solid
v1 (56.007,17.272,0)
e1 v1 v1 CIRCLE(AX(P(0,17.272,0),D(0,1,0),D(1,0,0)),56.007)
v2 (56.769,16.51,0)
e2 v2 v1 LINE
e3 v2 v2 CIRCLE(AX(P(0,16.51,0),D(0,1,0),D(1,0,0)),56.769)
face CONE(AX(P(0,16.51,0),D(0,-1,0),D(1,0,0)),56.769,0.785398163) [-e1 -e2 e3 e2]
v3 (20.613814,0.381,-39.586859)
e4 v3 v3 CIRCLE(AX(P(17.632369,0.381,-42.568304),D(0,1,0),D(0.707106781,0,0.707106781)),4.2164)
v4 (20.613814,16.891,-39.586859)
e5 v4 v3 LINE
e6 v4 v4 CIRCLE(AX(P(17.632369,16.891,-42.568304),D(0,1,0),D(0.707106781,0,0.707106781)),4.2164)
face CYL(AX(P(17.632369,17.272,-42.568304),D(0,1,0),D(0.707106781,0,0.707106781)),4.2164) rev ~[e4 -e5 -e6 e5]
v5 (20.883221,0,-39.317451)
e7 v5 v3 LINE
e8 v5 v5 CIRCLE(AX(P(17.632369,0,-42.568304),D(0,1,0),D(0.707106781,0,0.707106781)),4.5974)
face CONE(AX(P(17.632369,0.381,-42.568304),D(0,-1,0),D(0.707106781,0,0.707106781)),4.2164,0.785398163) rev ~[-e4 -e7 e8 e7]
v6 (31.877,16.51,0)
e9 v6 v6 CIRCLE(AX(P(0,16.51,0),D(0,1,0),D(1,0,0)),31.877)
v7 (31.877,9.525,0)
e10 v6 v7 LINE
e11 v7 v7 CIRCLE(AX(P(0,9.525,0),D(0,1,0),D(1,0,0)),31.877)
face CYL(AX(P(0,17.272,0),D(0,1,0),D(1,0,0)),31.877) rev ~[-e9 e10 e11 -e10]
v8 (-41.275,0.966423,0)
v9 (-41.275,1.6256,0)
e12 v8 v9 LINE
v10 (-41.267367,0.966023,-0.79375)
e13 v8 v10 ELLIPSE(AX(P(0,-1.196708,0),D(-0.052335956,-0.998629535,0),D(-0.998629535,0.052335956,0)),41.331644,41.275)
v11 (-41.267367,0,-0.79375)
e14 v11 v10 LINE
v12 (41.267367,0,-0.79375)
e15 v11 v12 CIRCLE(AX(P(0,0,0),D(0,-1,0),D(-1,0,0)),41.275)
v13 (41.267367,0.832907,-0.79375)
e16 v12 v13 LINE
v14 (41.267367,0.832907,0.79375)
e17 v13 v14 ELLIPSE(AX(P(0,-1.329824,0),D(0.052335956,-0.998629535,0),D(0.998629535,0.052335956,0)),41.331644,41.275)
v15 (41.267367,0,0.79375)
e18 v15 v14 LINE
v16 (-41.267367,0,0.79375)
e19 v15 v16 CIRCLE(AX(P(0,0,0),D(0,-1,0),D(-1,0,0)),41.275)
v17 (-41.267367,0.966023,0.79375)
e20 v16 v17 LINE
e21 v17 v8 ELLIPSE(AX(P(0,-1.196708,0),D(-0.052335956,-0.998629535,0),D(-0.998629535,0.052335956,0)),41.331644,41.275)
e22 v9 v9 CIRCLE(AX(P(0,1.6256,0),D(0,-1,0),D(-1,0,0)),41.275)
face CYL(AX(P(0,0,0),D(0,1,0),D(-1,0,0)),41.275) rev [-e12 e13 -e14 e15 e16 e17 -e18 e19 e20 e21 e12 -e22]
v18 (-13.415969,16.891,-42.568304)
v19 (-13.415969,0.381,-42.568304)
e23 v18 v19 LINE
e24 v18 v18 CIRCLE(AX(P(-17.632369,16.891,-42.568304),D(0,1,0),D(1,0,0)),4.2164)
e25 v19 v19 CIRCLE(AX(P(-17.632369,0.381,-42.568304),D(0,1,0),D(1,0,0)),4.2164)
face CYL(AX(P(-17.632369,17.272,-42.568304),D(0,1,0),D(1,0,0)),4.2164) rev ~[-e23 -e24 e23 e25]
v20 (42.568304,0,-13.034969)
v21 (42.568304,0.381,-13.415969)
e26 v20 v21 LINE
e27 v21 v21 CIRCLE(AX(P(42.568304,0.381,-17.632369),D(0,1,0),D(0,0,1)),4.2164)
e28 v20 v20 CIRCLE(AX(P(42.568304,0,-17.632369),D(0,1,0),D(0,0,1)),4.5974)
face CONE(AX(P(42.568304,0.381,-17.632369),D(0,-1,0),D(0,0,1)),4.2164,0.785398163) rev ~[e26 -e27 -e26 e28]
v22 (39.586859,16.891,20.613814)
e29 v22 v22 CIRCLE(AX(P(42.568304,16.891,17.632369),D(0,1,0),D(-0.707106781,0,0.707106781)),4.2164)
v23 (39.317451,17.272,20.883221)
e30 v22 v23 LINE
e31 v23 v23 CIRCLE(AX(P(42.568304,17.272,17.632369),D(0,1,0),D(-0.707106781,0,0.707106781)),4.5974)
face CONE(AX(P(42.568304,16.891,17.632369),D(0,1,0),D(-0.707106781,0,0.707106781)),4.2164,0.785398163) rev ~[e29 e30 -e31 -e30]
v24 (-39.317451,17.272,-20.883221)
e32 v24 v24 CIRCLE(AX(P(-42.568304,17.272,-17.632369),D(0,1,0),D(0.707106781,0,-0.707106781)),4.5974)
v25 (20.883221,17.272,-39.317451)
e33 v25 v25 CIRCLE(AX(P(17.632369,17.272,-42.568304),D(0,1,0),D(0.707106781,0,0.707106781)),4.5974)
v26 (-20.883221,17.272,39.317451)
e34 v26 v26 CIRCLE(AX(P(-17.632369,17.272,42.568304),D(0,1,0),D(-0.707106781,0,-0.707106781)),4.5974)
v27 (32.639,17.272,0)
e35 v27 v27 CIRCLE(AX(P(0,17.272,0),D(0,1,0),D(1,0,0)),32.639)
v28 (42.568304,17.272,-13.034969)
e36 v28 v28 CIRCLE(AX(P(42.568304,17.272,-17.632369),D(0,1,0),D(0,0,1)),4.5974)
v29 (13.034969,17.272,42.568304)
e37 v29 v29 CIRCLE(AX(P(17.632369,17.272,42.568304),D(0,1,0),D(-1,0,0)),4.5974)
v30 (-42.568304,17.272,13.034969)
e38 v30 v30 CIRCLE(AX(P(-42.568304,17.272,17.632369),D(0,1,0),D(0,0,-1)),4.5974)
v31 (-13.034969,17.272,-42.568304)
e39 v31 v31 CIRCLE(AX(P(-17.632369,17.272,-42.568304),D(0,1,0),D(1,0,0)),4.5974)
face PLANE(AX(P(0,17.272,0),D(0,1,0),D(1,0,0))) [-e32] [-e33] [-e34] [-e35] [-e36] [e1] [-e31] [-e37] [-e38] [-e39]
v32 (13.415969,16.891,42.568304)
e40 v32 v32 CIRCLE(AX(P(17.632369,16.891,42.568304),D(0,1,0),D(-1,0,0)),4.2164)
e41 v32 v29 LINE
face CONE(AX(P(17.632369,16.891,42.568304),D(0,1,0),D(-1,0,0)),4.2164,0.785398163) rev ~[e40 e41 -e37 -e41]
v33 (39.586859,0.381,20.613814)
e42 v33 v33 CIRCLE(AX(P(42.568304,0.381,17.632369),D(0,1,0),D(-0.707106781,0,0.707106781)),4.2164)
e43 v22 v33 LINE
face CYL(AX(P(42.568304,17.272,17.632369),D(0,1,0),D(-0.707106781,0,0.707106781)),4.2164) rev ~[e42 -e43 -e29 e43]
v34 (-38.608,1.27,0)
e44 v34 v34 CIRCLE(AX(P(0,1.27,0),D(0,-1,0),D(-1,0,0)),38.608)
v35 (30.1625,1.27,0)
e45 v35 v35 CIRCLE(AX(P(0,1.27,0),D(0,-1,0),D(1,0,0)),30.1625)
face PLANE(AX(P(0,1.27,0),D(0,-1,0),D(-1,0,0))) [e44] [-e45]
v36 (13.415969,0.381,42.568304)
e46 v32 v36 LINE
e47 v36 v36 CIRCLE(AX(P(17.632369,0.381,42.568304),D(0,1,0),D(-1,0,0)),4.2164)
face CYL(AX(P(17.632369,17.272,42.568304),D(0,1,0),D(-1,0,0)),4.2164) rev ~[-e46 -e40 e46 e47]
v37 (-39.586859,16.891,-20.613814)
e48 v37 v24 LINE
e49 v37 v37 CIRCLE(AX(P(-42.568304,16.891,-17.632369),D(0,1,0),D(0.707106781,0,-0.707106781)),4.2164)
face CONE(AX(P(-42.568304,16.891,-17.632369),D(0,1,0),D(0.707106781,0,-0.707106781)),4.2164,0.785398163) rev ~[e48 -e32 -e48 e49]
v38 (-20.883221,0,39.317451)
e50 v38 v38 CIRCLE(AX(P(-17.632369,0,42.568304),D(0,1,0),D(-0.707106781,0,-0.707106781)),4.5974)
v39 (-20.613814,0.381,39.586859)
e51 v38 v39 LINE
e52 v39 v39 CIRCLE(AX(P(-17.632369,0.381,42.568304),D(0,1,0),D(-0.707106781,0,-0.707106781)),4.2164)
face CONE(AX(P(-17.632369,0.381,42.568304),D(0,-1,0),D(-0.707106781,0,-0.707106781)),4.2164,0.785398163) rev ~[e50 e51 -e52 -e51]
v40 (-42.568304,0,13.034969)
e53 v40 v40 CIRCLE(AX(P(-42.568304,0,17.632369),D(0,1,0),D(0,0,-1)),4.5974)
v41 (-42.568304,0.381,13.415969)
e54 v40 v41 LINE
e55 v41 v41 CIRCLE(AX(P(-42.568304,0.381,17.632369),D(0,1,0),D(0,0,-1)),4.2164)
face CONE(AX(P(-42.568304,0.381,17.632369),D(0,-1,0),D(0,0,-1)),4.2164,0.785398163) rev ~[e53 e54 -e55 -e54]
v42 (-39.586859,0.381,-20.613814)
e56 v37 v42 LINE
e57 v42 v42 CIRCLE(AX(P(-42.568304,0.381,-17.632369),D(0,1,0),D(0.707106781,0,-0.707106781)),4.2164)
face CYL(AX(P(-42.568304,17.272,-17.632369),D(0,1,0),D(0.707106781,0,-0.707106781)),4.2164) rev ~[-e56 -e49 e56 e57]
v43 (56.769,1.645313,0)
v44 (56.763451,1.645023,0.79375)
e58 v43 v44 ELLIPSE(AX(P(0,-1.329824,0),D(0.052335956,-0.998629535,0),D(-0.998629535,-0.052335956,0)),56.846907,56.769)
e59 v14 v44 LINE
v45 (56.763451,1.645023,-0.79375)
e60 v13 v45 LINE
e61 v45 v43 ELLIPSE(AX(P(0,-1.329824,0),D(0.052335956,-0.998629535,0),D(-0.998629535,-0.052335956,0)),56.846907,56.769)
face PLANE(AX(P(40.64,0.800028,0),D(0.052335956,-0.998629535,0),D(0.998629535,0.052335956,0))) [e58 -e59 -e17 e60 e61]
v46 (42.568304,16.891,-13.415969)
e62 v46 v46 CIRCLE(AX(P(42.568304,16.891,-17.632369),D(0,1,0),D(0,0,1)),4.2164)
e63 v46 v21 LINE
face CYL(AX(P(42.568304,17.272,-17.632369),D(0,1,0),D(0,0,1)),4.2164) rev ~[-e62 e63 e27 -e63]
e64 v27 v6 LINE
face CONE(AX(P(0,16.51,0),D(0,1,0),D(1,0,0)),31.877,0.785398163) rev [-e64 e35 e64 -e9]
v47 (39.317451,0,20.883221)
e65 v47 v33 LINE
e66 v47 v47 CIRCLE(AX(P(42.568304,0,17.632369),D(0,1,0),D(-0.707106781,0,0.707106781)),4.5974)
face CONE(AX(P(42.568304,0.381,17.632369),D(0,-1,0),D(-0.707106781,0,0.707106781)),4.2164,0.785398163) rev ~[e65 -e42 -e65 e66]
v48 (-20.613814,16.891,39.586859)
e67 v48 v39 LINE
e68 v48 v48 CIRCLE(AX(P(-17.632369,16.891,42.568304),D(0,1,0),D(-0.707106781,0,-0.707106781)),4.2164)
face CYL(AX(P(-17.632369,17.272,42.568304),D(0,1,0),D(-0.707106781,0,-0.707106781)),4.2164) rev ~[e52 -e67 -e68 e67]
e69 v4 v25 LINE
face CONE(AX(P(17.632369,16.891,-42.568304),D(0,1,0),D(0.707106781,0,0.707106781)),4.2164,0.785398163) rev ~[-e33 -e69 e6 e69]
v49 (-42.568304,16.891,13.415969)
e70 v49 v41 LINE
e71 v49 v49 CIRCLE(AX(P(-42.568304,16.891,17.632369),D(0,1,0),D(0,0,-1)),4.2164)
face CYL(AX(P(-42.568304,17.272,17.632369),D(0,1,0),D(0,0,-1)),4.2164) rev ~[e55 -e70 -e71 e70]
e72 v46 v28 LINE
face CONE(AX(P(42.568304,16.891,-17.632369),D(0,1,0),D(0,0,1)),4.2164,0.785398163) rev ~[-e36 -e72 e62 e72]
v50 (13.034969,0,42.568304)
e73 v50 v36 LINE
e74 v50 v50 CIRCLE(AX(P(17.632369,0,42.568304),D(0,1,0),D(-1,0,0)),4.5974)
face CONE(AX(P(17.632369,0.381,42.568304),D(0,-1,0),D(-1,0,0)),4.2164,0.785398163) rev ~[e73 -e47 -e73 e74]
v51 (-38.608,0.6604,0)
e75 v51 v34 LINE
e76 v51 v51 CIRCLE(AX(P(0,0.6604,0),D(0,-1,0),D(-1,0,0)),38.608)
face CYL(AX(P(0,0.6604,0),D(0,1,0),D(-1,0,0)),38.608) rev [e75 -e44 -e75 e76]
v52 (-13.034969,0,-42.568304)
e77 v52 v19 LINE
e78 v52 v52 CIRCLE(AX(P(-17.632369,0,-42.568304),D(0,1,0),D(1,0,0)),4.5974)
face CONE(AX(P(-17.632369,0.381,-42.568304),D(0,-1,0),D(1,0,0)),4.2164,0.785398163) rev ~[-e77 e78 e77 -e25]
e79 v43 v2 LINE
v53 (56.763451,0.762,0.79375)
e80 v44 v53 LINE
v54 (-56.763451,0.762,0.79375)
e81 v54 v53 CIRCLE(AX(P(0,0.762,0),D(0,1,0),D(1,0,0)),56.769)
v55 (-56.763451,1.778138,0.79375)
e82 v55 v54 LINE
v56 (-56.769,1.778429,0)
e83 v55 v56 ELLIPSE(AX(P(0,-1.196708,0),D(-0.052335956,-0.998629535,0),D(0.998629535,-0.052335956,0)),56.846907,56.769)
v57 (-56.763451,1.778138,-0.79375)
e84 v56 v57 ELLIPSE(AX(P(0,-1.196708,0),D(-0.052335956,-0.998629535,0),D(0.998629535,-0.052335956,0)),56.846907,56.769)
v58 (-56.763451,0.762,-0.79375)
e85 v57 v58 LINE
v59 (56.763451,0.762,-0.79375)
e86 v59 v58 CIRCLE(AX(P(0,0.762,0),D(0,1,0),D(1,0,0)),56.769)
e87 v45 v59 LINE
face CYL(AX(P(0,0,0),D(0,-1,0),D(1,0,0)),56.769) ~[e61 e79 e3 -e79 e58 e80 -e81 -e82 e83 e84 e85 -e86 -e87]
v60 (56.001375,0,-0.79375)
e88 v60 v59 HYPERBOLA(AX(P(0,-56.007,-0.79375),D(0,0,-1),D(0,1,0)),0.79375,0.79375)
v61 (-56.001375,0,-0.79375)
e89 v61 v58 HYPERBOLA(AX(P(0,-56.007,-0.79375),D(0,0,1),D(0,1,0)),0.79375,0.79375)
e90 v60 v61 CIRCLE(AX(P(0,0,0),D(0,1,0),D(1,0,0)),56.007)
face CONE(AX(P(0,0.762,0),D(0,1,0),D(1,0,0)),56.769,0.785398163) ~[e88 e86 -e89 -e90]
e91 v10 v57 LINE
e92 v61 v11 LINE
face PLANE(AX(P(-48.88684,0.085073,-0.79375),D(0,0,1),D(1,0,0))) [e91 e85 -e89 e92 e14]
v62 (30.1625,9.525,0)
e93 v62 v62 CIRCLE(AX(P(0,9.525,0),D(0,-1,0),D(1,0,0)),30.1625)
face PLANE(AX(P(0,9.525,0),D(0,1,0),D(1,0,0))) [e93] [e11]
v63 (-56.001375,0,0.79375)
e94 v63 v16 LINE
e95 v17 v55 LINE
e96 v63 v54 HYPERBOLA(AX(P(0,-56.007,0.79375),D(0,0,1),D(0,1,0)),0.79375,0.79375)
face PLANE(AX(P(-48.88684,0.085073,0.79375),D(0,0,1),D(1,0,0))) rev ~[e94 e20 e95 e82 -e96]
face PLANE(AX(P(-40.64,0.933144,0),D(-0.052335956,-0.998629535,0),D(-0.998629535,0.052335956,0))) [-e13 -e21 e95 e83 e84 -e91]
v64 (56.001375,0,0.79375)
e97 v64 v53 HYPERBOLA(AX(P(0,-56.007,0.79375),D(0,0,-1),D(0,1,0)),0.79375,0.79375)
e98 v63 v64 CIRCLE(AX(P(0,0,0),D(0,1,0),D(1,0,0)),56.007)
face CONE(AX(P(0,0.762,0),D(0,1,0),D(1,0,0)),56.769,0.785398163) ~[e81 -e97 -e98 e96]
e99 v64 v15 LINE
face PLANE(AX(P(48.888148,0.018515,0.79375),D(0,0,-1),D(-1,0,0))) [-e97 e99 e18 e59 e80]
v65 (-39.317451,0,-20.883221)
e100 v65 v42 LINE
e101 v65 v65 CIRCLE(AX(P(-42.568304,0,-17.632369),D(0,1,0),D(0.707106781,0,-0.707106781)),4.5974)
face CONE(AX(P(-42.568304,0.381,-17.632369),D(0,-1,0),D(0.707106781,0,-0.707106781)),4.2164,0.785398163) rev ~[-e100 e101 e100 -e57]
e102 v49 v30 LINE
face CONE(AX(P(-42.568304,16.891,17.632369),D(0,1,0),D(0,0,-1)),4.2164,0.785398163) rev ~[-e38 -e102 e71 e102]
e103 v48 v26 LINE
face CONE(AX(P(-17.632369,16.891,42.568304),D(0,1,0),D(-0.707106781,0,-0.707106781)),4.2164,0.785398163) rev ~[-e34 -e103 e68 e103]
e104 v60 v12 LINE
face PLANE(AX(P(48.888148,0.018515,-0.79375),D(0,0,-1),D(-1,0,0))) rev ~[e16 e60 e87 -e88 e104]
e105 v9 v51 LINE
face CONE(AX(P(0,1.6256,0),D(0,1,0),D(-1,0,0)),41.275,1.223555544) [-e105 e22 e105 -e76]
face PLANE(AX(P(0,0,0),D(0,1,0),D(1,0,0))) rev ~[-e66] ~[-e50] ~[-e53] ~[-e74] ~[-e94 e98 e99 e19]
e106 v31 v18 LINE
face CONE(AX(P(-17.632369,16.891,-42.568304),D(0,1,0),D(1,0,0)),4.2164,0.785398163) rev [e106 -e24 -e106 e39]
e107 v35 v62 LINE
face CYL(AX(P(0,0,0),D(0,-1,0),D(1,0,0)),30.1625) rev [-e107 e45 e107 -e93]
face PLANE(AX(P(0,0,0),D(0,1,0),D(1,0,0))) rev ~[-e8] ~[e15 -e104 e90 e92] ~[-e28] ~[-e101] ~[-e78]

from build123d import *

# Parameters (mm, degrees)
SKETCH1_R                    = 56.769
SKETCH1_R_2                  = 30.1625
BOSS_EXTRUDE1_DEPTH          = 17.272
SKETCH2_R                    = 31.877
CUT_EXTRUDE1_DEPTH           = 7.747
CHAMFER1_SIZE                = 0.762
SKETCH4_R                    = 4.2164
CUT_EXTRUDE2_DEPTH           = 18.272
CHAMFER2_SIZE                = 0.381
CIRPATTERN1_COUNT            = 8
CHAMFER2_OF_CIRPATTERN1_SIZE = 0.381
CUT_EXTRUDE3_DEPTH           = 0.79375


with BuildPart() as part:
    # Sketch1 → Boss-Extrude1 (new body)
    with BuildSketch(Plane(origin=(0, 0, 0), x_dir=(1, 0, 0), z_dir=(0, 1, 0))):
        Circle(SKETCH1_R)
        Circle(SKETCH1_R_2, mode=Mode.SUBTRACT)
    extrude(amount=BOSS_EXTRUDE1_DEPTH)

    # Sketch2 → Cut-Extrude1 (cut)
    with BuildSketch(Plane(origin=(0, 17.272, 0), x_dir=(1, 0, 0), z_dir=(0, 1, 0))):
        Circle(SKETCH2_R)
    extrude(amount=-CUT_EXTRUDE1_DEPTH, mode=Mode.SUBTRACT)

    # Chamfer1
    chamfer1_edges = [part.edges().sort_by_distance(p)[0] for p in [
        (-31.877, 17.272, 0),
        (-56.769, 0, 0),
        (-56.769, 17.272, 0),
    ]]
    chamfer(chamfer1_edges, length=CHAMFER1_SIZE)

    # Sketch5 → Cut-Revolve1 (revolve, cut)
    with BuildSketch(Plane.XY):
        Polygon((-41.275, 0), (-41.275, 1.6256), (-38.608, 0.6604), (-38.608, 1.27), (0, 1.27), (0, 0), align=None)
    revolve(axis=Axis((0, 17.272, 0), (0, -1, 0)), mode=Mode.SUBTRACT)

    # Sketch4 → Cut-Extrude2 (cut, through all)
    with BuildSketch(Plane(origin=(0, 17.272, 0), x_dir=(1, 0, 0), z_dir=(0, 1, 0))):
        with Locations((-17.632368756, 42.568303788)):
            Circle(SKETCH4_R)
    cut_extrude2 = extrude(amount=-CUT_EXTRUDE2_DEPTH, mode=Mode.SUBTRACT)

    # Chamfer2
    chamfer2_edges = [part.edges().sort_by_distance(p)[0] for p in [
        (-21.848768756, 0, -42.568303788),
        (-21.848768756, 17.272, -42.568303788),
    ]]
    chamfer(chamfer2_edges, length=CHAMFER2_SIZE)

    # CirPattern1: Cut-Extrude2 ×8 about axis
    cirpattern1_axis = Axis((0, 0, 0), (0, 1, 0))
    for i in range(1, CIRPATTERN1_COUNT):
        add(cut_extrude2.rotate(cirpattern1_axis, i * 360 / CIRPATTERN1_COUNT), mode=Mode.SUBTRACT)

    # Chamfer2 of CirPattern1
    chamfer2_of_cirpattern1_edges = [part.edges().sort_by_distance(p)[0] for p in [
        (-45.54974882, 0, -14.650923724),
        (-45.54974882, 17.272, -14.650923724),
        (-42.568303788, 0, 21.848768756),
        (-42.568303788, 17.272, 21.848768756),
        (-14.650923724, 0, 45.54974882),
        (-14.650923724, 17.272, 45.54974882),
        (21.848768756, 0, 42.568303788),
        (21.848768756, 17.272, 42.568303788),
        (45.54974882, 0, 14.650923724),
        (45.54974882, 17.272, 14.650923724),
        (42.568303788, 0, -21.848768756),
        (42.568303788, 17.272, -21.848768756),
        (14.650923724, 0, -45.54974882),
        (14.650923724, 17.272, -45.54974882),
    ]]
    chamfer(chamfer2_of_cirpattern1_edges, length=CHAMFER2_OF_CIRPATTERN1_SIZE)

    # Sketch6 → Cut-Extrude3 (cut, symmetric)
    with BuildSketch(Plane.XY):
        Polygon((-40.64, 0.933144104), (-56.769, 1.778429176), (-56.769, -1.196708046), (-40.64, -1.196708046), align=None)
        Polygon((56.769, 1.645313417), (56.769, -1.196708046), (40.64, -1.196708046), (40.64, 0.800028345), align=None)
    extrude(amount=CUT_EXTRUDE3_DEPTH, both=True, mode=Mode.SUBTRACT)


solid = part.part
